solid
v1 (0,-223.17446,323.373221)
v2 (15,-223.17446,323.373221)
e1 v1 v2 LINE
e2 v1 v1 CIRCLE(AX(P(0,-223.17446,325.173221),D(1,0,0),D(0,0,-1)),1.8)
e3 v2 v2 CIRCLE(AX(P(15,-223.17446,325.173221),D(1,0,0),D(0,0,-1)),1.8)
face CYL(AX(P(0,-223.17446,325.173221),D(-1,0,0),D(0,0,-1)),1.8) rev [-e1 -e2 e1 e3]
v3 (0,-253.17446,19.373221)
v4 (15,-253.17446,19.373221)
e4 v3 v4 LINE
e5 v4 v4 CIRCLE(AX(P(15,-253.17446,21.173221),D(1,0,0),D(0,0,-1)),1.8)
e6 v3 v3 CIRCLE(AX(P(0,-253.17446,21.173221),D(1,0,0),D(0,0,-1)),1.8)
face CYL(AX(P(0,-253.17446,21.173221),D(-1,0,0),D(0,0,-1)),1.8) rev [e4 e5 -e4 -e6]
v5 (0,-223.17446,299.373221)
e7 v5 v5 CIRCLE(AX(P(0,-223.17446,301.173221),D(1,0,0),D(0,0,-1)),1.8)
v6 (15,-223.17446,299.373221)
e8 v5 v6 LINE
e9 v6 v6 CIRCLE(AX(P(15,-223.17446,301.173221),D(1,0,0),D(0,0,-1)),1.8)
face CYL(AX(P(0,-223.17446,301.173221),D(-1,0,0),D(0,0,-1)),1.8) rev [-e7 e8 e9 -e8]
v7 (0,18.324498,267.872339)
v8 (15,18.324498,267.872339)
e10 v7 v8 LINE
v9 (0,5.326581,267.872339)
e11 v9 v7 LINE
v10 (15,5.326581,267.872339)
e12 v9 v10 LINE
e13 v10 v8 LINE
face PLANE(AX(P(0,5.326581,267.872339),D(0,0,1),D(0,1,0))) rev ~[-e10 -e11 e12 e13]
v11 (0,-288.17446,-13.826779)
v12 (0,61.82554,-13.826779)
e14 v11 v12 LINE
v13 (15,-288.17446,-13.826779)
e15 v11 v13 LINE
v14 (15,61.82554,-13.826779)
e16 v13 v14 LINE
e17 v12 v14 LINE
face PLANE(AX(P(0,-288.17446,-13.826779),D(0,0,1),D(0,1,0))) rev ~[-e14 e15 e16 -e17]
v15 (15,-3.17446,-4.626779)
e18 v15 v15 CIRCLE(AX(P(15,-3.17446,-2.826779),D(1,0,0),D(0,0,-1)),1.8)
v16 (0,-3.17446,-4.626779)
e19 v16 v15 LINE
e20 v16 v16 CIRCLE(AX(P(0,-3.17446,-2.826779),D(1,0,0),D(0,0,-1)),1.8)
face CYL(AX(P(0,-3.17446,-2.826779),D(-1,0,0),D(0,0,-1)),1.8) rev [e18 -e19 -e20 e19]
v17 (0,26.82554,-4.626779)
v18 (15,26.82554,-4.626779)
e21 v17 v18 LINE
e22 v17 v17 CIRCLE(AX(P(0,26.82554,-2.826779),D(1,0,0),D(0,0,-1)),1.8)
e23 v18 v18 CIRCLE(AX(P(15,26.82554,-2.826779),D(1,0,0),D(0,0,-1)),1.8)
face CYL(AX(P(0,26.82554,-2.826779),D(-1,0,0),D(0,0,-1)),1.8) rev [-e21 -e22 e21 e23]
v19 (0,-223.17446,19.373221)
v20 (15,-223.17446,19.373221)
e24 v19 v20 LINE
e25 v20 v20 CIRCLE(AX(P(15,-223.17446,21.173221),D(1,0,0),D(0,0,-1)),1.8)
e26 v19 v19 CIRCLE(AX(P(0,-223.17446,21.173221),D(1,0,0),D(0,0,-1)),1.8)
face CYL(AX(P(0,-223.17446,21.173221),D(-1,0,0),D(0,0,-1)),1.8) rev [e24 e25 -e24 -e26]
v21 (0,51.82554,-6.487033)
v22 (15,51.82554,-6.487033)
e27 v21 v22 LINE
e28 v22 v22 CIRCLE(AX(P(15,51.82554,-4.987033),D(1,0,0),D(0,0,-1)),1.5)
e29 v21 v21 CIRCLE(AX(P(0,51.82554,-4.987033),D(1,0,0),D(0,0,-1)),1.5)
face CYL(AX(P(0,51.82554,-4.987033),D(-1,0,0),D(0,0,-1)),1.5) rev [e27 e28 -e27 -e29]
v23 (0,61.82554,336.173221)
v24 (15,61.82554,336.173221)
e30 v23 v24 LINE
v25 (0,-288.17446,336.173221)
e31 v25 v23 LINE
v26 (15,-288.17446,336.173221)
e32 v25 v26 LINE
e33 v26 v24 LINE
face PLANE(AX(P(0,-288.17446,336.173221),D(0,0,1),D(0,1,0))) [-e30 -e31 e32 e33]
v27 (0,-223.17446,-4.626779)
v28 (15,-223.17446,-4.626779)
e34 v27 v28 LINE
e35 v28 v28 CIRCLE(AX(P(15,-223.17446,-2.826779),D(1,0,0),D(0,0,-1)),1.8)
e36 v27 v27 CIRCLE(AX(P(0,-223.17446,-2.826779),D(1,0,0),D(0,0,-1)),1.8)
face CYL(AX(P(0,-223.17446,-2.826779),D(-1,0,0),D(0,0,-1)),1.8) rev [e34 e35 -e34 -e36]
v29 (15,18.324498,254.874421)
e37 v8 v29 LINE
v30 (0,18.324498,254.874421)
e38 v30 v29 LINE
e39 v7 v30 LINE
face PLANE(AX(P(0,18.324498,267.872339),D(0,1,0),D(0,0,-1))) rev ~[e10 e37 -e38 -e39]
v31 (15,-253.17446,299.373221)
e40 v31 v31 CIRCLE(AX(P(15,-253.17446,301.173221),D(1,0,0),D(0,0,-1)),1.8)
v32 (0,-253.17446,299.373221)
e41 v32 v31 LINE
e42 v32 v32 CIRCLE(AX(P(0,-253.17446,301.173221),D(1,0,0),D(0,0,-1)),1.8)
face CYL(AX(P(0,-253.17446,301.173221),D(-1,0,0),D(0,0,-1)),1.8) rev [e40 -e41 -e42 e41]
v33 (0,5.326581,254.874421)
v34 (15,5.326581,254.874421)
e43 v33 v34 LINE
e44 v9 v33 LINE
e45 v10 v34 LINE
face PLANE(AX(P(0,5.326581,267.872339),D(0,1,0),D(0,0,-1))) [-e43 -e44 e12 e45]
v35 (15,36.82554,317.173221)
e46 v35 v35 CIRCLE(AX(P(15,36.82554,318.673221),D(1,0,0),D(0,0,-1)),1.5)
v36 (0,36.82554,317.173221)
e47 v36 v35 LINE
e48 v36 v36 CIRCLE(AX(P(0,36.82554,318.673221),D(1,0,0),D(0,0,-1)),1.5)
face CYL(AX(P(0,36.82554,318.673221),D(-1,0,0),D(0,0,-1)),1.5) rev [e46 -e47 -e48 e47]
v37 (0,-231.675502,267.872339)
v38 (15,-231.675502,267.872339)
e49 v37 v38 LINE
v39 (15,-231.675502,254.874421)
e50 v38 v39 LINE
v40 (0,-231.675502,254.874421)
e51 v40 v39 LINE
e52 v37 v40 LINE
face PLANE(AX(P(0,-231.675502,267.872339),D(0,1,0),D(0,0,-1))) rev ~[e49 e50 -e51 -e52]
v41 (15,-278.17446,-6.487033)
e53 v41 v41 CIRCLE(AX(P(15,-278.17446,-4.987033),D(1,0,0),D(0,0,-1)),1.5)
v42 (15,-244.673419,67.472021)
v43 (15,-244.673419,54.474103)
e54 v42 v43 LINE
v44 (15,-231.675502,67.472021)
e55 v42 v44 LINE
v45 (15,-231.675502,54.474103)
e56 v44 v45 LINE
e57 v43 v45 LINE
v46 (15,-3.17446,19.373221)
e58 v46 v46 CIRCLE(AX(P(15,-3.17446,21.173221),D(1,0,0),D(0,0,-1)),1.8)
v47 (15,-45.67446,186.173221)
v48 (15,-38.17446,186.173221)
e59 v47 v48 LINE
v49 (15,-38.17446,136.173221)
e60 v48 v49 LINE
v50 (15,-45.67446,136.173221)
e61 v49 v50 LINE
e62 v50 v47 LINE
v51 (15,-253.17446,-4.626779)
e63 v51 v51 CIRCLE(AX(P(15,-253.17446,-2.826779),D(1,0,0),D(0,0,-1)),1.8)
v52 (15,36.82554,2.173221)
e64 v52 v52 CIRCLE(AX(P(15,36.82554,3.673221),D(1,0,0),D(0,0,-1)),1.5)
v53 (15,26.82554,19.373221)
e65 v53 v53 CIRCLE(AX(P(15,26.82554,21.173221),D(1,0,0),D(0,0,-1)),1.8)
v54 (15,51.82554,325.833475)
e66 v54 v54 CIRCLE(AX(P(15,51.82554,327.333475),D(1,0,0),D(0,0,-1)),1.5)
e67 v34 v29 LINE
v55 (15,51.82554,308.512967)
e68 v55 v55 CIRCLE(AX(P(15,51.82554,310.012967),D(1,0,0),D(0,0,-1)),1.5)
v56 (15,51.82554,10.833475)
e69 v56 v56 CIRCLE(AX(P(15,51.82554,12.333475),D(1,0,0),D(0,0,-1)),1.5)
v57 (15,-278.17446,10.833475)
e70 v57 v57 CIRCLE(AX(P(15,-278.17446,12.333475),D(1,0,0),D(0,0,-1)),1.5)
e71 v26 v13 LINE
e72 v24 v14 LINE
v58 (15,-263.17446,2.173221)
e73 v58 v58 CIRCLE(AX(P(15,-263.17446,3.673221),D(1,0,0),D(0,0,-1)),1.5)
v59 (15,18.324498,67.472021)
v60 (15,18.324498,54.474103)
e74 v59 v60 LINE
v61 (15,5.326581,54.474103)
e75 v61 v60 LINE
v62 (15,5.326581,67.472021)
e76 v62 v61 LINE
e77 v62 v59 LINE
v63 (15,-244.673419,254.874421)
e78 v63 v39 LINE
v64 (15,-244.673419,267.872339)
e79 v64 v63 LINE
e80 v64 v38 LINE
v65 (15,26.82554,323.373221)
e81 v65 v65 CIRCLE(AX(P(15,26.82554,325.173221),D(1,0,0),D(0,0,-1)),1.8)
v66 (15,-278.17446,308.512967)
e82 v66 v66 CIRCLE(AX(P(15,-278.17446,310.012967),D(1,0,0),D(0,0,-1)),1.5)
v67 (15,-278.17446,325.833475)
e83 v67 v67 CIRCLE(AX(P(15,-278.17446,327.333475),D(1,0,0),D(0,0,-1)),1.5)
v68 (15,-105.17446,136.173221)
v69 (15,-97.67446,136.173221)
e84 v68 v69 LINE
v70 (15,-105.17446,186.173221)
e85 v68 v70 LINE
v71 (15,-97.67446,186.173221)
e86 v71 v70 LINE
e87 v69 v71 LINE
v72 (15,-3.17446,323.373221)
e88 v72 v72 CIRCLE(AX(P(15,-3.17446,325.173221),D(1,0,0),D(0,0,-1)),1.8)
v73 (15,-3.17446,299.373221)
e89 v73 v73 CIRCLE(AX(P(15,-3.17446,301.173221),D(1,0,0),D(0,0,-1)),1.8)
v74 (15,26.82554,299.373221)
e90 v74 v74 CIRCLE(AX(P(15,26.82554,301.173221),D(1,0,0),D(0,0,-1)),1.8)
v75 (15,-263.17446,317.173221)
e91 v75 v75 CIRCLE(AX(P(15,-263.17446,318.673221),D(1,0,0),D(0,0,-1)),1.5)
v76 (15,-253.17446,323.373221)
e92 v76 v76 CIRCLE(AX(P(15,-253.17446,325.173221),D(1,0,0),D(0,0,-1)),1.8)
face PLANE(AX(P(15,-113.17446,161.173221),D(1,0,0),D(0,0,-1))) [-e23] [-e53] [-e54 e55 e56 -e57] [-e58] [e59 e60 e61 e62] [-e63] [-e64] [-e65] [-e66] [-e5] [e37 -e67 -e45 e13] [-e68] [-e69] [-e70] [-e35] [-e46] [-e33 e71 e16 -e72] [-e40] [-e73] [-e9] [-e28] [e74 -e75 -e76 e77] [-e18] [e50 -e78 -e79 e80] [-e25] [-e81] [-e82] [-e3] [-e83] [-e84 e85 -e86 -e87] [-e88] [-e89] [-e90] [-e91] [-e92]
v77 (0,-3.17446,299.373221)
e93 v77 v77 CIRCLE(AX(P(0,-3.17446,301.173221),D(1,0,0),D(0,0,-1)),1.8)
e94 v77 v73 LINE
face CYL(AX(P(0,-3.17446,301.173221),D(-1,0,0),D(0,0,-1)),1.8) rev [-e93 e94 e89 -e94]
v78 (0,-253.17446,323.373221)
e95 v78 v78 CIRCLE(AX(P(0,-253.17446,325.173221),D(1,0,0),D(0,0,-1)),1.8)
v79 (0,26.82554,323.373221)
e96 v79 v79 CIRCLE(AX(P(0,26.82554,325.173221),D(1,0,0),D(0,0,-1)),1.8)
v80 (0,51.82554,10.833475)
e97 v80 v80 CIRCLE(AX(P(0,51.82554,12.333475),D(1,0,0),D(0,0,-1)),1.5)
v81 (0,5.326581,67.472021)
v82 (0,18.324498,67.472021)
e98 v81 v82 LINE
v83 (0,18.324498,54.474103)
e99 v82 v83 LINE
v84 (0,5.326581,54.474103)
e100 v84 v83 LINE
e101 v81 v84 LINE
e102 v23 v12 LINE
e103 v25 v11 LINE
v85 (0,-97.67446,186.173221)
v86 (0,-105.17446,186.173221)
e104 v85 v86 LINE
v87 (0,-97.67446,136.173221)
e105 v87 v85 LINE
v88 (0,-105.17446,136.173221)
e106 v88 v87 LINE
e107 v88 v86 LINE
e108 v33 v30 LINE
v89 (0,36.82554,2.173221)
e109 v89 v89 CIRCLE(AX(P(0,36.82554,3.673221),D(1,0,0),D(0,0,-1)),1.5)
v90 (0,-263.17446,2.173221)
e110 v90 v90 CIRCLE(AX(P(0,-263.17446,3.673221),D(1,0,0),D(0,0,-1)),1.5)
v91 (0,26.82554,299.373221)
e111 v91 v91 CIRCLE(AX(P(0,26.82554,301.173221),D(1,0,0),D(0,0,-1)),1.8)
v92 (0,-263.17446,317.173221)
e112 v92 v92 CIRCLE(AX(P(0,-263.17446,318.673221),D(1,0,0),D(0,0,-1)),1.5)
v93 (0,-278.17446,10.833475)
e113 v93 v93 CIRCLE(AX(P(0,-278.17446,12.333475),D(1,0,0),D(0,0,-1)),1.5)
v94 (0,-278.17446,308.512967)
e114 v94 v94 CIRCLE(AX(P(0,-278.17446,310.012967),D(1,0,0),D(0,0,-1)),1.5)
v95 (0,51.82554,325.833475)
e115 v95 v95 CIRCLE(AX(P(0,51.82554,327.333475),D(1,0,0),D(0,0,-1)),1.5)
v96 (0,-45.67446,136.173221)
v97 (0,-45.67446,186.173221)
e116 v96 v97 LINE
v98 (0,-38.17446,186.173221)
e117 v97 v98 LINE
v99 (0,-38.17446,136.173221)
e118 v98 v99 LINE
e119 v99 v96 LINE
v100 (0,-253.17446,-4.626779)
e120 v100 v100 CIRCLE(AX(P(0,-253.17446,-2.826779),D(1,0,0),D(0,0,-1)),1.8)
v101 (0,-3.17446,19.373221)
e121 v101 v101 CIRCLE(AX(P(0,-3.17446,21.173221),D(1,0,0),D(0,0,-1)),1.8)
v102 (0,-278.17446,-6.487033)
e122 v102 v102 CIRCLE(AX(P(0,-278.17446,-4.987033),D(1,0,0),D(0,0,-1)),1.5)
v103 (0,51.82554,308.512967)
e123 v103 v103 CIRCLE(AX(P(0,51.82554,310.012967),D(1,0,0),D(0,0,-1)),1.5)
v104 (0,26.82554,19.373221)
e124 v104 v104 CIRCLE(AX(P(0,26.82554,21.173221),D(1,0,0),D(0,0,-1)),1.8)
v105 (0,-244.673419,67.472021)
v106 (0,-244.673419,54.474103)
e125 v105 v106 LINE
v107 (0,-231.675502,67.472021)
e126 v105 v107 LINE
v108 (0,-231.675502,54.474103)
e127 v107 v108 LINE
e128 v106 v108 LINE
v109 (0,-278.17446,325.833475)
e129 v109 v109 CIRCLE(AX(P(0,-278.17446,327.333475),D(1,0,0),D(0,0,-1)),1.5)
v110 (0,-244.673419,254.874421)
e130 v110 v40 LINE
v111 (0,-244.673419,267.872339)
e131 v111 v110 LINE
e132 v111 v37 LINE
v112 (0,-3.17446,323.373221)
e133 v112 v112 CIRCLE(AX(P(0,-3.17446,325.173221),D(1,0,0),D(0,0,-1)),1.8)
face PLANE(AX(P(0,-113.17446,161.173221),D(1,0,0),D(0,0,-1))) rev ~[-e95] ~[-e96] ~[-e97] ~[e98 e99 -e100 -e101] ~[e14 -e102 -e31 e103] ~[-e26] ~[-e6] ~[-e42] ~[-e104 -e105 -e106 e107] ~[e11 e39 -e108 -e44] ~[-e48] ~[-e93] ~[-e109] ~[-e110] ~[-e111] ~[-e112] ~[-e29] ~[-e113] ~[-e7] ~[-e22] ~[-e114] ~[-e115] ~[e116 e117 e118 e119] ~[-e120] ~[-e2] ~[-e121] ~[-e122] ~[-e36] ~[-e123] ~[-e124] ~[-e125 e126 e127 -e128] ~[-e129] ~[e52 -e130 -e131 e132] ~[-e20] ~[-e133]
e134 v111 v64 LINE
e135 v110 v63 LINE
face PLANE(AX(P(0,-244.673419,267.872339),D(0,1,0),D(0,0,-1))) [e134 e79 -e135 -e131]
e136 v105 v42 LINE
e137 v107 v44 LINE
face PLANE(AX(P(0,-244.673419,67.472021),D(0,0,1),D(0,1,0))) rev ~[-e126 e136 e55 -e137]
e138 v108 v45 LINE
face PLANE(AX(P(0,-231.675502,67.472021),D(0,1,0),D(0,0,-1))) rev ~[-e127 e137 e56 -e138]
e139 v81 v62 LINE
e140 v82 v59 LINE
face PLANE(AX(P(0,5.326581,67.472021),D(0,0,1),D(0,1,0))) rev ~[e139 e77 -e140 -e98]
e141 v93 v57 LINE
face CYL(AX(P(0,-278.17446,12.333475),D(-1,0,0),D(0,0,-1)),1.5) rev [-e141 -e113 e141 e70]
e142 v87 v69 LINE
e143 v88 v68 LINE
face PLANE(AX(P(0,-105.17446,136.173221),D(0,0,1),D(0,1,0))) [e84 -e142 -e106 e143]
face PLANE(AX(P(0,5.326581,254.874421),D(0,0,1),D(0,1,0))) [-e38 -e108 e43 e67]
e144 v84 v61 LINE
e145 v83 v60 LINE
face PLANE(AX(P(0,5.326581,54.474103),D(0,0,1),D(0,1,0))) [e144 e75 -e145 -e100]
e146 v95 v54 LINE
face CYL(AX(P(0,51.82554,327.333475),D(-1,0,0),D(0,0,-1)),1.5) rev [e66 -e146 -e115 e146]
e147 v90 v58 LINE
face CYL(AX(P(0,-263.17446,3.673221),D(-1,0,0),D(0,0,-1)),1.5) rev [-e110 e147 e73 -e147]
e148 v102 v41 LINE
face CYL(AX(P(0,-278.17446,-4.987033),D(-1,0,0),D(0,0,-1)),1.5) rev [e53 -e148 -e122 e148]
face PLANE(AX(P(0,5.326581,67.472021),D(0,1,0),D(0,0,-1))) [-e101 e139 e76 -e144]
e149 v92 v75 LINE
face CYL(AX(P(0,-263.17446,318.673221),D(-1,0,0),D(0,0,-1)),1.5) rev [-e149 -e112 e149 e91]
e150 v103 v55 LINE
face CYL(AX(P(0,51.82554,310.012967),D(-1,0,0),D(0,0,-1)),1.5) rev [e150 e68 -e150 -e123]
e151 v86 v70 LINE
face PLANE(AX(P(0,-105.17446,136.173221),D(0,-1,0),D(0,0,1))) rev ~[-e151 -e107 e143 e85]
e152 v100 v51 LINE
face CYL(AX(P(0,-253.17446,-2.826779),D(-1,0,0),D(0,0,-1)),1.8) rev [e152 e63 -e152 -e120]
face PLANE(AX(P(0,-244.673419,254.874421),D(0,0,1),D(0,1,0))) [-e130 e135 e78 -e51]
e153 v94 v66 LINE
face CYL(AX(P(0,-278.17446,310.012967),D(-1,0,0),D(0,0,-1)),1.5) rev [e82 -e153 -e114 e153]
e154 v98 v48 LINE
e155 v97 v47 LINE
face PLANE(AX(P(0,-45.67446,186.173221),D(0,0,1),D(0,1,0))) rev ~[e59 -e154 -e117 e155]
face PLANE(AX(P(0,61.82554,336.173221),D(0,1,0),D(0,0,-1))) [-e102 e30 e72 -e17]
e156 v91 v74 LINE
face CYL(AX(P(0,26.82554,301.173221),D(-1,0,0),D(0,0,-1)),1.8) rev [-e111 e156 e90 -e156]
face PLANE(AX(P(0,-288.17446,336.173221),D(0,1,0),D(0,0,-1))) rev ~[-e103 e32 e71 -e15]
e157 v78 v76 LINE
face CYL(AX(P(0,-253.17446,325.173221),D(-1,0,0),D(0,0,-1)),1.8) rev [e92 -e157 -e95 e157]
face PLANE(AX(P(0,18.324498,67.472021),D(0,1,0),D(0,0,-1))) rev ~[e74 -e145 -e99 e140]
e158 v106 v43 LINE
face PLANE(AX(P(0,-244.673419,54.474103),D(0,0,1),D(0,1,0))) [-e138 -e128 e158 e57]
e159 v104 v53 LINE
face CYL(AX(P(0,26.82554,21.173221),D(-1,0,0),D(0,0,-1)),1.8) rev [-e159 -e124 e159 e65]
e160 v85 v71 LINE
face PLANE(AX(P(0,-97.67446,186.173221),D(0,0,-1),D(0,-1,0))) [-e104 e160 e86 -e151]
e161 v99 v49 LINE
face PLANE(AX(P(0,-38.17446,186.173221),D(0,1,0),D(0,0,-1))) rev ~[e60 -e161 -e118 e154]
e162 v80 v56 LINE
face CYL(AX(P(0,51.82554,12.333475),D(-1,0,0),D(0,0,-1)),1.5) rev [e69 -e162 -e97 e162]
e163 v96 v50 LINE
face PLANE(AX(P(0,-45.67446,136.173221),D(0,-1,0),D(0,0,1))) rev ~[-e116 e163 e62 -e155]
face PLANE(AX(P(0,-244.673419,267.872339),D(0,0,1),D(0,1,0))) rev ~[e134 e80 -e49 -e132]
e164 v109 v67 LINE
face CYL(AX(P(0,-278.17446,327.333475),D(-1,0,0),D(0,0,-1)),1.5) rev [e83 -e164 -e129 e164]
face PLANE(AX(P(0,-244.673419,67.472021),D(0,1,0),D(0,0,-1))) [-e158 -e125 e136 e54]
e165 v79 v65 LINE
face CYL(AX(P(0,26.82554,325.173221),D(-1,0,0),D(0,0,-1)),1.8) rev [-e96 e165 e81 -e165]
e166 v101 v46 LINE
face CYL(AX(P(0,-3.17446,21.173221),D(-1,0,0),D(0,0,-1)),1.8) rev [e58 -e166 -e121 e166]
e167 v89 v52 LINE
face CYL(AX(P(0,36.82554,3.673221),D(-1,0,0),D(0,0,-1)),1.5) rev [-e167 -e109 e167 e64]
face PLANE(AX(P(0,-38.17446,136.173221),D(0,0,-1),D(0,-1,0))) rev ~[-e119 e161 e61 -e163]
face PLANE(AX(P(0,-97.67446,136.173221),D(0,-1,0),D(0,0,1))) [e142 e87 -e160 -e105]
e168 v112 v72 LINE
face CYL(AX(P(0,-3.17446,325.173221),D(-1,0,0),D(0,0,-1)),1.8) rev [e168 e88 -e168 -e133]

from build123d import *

# Parameters (mm, degrees)
SKETCH2_W           = 350
SKETCH2_H           = 350
SKETCH2_R           = 1.8
SKETCH2_R_2         = 1.5
SKETCH2_W_2         = 12.9979177
SKETCH2_H_2         = 12.99791772
BOSS_EXTRUDE2_DEPTH = 15


with BuildPart() as part:
    # Sketch2 → Boss-Extrude2 (new body)
    with BuildSketch(Plane(origin=(0, 0, 0), x_dir=(0, 0, -1), z_dir=(1, 0, 0))):
        with Locations((-161.173220858, -113.174460432)):
            Rectangle(SKETCH2_W, SKETCH2_H)
        with Locations((-301.173220858, 26.825539568)):
            Circle(SKETCH2_R, mode=Mode.SUBTRACT)
        with Locations((-301.173220858, -3.174460432)):
            Circle(SKETCH2_R, mode=Mode.SUBTRACT)
        with Locations((-325.173220858, -3.174460432)):
            Circle(SKETCH2_R, mode=Mode.SUBTRACT)
        with Locations((-325.173220858, 26.825539568)):
            Circle(SKETCH2_R, mode=Mode.SUBTRACT)
        with Locations((-301.173220858, -223.174460432)):
            Circle(SKETCH2_R, mode=Mode.SUBTRACT)
        with Locations((-325.173220858, -223.174460432)):
            Circle(SKETCH2_R, mode=Mode.SUBTRACT)
        with Locations((-301.173220858, -253.174460432)):
            Circle(SKETCH2_R, mode=Mode.SUBTRACT)
        with Locations((-325.173220858, -253.174460432)):
            Circle(SKETCH2_R, mode=Mode.SUBTRACT)
        with Locations((-21.173220858, -3.174460432)):
            Circle(SKETCH2_R, mode=Mode.SUBTRACT)
        with Locations((2.826779142, -3.174460432)):
            Circle(SKETCH2_R, mode=Mode.SUBTRACT)
        with Locations((2.826779142, 26.825539568)):
            Circle(SKETCH2_R, mode=Mode.SUBTRACT)
        with Locations((-21.173220858, 26.825539568)):
            Circle(SKETCH2_R, mode=Mode.SUBTRACT)
        with Locations((2.826779142, -223.174460432)):
            Circle(SKETCH2_R, mode=Mode.SUBTRACT)
        with Locations((-21.173220858, -223.174460432)):
            Circle(SKETCH2_R, mode=Mode.SUBTRACT)
        with Locations((-21.173220858, -253.174460432)):
            Circle(SKETCH2_R, mode=Mode.SUBTRACT)
        with Locations((2.826779142, -253.174460432)):
            Circle(SKETCH2_R, mode=Mode.SUBTRACT)
        with Locations((-3.673220858, -263.174460432)):
            Circle(SKETCH2_R_2, mode=Mode.SUBTRACT)
        with Locations((4.98703318, -278.174460432)):
            Circle(SKETCH2_R_2, mode=Mode.SUBTRACT)
        with Locations((-12.333474896, -278.174460432)):
            Circle(SKETCH2_R_2, mode=Mode.SUBTRACT)
        with Locations((-12.333474896, 51.825539568)):
            Circle(SKETCH2_R_2, mode=Mode.SUBTRACT)
        with Locations((4.98703318, 51.825539568)):
            Circle(SKETCH2_R_2, mode=Mode.SUBTRACT)
        with Locations((-3.673220858, 36.825539568)):
            Circle(SKETCH2_R_2, mode=Mode.SUBTRACT)
        with Locations((-318.673220858, 36.825539568)):
            Circle(SKETCH2_R_2, mode=Mode.SUBTRACT)
        with Locations((-327.333474896, 51.825539568)):
            Circle(SKETCH2_R_2, mode=Mode.SUBTRACT)
        with Locations((-310.01296682, 51.825539568)):
            Circle(SKETCH2_R_2, mode=Mode.SUBTRACT)
        with Locations((-327.333474896, -278.174460432)):
            Circle(SKETCH2_R_2, mode=Mode.SUBTRACT)
        with Locations((-310.01296682, -278.174460432)):
            Circle(SKETCH2_R_2, mode=Mode.SUBTRACT)
        with Locations((-318.673220858, -263.174460432)):
            Circle(SKETCH2_R_2, mode=Mode.SUBTRACT)
        Polygon((-161.173220858, -38.174460432), (-136.173220858, -38.174460432), (-136.173220858, -45.674460432), (-186.173220858, -45.674460432), (-186.173220858, -38.174460432), align=None, mode=Mode.SUBTRACT)
        with Locations((-60.973061718, 11.825539568)):
            Rectangle(SKETCH2_W_2, SKETCH2_H_2, mode=Mode.SUBTRACT)
        with Locations((-261.373379998, 11.825539568)):
            Rectangle(SKETCH2_W_2, SKETCH2_H_2, mode=Mode.SUBTRACT)
        with Locations((-60.973061718, -238.174460432)):
            Rectangle(SKETCH2_W_2, SKETCH2_H_2, mode=Mode.SUBTRACT)
        with Locations((-261.373379998, -238.174460432)):
            Rectangle(SKETCH2_W_2, SKETCH2_H_2, mode=Mode.SUBTRACT)
        Polygon((-161.173220858, -105.174460432), (-136.173220858, -105.174460432), (-136.173220858, -97.674460432), (-186.173220858, -97.674460432), (-186.173220858, -105.174460432), align=None, mode=Mode.SUBTRACT)
    extrude(amount=BOSS_EXTRUDE2_DEPTH)


solid = part.part
